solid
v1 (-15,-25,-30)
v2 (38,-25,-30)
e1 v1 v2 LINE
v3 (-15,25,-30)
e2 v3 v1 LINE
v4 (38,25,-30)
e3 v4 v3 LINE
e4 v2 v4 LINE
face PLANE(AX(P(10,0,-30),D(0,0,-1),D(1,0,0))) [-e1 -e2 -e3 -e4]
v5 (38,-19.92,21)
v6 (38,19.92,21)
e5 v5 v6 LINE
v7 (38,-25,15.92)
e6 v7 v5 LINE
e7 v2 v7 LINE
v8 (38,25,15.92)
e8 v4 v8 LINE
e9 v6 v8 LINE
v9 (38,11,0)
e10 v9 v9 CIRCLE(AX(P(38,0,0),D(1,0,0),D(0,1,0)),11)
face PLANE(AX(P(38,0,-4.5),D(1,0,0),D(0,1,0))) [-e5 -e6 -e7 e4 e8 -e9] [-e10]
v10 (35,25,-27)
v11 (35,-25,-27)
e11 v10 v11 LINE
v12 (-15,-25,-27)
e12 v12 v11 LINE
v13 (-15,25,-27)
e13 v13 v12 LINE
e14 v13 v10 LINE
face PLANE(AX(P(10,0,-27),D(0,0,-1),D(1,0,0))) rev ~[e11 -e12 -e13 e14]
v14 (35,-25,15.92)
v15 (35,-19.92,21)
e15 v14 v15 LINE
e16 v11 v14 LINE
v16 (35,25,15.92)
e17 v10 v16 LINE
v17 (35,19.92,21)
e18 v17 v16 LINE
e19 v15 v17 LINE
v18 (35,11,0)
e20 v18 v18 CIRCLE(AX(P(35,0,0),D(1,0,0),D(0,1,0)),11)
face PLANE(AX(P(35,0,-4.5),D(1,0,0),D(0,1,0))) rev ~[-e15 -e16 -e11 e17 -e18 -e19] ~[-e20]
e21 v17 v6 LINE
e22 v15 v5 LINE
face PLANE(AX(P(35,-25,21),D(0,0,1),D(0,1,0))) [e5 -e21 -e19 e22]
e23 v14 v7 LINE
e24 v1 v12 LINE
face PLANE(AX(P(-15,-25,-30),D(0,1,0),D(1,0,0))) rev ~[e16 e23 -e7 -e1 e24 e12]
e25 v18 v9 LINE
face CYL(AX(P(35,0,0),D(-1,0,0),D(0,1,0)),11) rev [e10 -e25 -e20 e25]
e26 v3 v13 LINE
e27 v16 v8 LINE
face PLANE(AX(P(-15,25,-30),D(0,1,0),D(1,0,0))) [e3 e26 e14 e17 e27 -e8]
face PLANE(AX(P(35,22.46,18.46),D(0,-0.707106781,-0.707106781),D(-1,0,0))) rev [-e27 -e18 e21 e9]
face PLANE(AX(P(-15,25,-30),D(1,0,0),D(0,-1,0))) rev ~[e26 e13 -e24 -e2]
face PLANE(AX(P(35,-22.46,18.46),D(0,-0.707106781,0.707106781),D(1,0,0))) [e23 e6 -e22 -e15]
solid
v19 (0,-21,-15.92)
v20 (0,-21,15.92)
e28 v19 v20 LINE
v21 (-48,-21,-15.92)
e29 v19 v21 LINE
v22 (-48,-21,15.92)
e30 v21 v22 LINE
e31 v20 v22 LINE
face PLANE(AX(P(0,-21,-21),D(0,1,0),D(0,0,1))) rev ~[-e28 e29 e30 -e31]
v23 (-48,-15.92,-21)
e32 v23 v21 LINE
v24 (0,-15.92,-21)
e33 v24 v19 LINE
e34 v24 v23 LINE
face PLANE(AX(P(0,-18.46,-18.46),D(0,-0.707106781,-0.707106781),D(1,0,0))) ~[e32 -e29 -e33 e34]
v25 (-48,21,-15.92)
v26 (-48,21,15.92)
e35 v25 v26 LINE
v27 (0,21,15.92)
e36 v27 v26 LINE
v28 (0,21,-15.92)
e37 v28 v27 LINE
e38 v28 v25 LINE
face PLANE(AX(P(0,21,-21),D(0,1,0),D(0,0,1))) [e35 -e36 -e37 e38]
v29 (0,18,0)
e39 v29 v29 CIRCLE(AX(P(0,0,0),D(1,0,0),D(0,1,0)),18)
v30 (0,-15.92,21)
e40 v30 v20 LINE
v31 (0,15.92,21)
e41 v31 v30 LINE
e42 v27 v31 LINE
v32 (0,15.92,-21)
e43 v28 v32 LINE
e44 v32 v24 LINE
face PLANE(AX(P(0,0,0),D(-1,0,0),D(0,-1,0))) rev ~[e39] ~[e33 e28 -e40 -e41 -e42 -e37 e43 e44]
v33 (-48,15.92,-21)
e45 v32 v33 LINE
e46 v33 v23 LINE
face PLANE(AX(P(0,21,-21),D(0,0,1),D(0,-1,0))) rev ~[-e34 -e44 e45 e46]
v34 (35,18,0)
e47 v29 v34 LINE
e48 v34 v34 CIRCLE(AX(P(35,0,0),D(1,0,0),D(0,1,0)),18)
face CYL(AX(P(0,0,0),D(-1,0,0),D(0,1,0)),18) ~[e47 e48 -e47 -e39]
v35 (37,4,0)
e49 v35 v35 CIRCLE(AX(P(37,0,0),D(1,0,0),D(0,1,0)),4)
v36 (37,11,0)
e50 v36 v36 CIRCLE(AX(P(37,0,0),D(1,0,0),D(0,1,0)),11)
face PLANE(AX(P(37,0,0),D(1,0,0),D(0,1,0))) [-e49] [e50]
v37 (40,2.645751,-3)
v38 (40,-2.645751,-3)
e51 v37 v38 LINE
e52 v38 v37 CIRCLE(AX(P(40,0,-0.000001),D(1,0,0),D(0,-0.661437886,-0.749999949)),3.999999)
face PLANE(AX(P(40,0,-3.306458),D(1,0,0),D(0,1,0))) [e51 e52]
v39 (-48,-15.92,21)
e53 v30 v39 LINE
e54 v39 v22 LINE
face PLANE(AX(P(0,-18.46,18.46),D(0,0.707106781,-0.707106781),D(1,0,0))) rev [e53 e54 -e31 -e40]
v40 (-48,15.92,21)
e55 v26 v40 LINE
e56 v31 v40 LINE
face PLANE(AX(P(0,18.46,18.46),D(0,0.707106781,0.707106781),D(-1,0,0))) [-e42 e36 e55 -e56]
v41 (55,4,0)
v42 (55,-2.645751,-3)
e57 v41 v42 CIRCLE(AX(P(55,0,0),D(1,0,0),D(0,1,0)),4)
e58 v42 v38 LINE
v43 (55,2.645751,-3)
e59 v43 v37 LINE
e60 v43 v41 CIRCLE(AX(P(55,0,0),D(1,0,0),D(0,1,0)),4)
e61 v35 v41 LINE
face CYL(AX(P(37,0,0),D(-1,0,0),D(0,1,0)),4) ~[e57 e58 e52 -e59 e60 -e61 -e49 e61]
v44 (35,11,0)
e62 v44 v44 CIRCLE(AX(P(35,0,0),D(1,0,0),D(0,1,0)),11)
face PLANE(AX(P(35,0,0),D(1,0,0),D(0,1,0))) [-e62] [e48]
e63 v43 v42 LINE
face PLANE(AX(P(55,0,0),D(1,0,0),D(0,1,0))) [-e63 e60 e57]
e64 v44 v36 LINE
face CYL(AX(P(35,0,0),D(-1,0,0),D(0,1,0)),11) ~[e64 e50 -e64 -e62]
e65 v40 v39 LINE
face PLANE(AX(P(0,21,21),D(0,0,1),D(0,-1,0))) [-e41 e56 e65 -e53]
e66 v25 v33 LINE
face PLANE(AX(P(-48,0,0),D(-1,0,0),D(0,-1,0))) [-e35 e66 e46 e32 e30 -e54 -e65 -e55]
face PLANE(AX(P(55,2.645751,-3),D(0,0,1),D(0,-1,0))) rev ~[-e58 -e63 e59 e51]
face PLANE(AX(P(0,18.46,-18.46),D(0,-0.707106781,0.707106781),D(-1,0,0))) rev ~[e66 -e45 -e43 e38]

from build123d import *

# Parameters (mm, degrees)
F0_R      = 18
F1_DEPTH  = 35
F2_W      = 42
F2_H      = 42
F3_DEPTH  = 48
F4_SIZE   = 5.08
F5_R      = 11
F6_DEPTH  = 2
F7_R      = 4
F8_DEPTH  = 18
F10_DEPTH = 15
F11_W     = 50
F11_H     = 51
F11_R     = 11
F12_DEPTH = 3
F13_SIZE  = 5.08
F14_W     = 50
F14_H     = 50
F15_DEPTH = 3


with BuildPart() as f1:
    # F0 (on Right) → F1 (new body)
    with BuildSketch(Plane.YZ):
        Circle(F0_R)
    extrude(amount=F1_DEPTH)

    # F2 (on face) → F3 (join)
    with BuildSketch(Plane(origin=(0, 0, 0), x_dir=(0, -1, 0), z_dir=(-1, 0, 0))):
        Rectangle(F2_W, F2_H)
    extrude(amount=F3_DEPTH)

    # F4
    f4_edges = [f1.edges().sort_by_distance(p)[0] for p in [
        (-24, -21, 21),
        (-24, 21, 21),
        (-24, 21, -21),
        (-24, -21, -21),
    ]]
    chamfer(f4_edges, length=F4_SIZE)

    # F5 (on face) → F6 (join)
    with BuildSketch(Plane.YZ.offset(35)):
        Circle(F5_R)
    extrude(amount=F6_DEPTH)

    # F7 (on face) → F8 (join)
    with BuildSketch(Plane.YZ.offset(37)):
        Circle(F7_R)
    extrude(amount=F8_DEPTH)

    # F9 (on face) → F10 (cut)
    with BuildSketch(Plane.YZ.offset(55)):
        with BuildLine():
            Line((2.645751, -3), (-2.645751, -3))
            ThreePointArc((-2.645751, -3), (0, -4), (2.645751, -3))
        make_face()
    extrude(amount=-F10_DEPTH, mode=Mode.SUBTRACT)


with BuildPart() as f12:
    # F11 (on face) → F12 (new body)
    with BuildSketch(Plane.YZ.offset(35)):
        with Locations((0, -4.5)):
            Rectangle(F11_W, F11_H)
        Circle(F11_R, mode=Mode.SUBTRACT)
    extrude(amount=F12_DEPTH)

    # F13
    f13_edges = [f12.edges().sort_by_distance(p)[0] for p in [
        (36.5, -25, 21),
        (36.5, 25, 21),
    ]]
    chamfer(f13_edges, length=F13_SIZE)

    # F14 (on face) → F15 (join)
    with BuildSketch(Plane(origin=(0, 0, -30), x_dir=(1, 0, 0), z_dir=(0, 0, -1))):
        with Locations((10, 0)):
            Rectangle(F14_W, F14_H)
    extrude(amount=-F15_DEPTH)


solid = Compound([f1.part, f12.part])
